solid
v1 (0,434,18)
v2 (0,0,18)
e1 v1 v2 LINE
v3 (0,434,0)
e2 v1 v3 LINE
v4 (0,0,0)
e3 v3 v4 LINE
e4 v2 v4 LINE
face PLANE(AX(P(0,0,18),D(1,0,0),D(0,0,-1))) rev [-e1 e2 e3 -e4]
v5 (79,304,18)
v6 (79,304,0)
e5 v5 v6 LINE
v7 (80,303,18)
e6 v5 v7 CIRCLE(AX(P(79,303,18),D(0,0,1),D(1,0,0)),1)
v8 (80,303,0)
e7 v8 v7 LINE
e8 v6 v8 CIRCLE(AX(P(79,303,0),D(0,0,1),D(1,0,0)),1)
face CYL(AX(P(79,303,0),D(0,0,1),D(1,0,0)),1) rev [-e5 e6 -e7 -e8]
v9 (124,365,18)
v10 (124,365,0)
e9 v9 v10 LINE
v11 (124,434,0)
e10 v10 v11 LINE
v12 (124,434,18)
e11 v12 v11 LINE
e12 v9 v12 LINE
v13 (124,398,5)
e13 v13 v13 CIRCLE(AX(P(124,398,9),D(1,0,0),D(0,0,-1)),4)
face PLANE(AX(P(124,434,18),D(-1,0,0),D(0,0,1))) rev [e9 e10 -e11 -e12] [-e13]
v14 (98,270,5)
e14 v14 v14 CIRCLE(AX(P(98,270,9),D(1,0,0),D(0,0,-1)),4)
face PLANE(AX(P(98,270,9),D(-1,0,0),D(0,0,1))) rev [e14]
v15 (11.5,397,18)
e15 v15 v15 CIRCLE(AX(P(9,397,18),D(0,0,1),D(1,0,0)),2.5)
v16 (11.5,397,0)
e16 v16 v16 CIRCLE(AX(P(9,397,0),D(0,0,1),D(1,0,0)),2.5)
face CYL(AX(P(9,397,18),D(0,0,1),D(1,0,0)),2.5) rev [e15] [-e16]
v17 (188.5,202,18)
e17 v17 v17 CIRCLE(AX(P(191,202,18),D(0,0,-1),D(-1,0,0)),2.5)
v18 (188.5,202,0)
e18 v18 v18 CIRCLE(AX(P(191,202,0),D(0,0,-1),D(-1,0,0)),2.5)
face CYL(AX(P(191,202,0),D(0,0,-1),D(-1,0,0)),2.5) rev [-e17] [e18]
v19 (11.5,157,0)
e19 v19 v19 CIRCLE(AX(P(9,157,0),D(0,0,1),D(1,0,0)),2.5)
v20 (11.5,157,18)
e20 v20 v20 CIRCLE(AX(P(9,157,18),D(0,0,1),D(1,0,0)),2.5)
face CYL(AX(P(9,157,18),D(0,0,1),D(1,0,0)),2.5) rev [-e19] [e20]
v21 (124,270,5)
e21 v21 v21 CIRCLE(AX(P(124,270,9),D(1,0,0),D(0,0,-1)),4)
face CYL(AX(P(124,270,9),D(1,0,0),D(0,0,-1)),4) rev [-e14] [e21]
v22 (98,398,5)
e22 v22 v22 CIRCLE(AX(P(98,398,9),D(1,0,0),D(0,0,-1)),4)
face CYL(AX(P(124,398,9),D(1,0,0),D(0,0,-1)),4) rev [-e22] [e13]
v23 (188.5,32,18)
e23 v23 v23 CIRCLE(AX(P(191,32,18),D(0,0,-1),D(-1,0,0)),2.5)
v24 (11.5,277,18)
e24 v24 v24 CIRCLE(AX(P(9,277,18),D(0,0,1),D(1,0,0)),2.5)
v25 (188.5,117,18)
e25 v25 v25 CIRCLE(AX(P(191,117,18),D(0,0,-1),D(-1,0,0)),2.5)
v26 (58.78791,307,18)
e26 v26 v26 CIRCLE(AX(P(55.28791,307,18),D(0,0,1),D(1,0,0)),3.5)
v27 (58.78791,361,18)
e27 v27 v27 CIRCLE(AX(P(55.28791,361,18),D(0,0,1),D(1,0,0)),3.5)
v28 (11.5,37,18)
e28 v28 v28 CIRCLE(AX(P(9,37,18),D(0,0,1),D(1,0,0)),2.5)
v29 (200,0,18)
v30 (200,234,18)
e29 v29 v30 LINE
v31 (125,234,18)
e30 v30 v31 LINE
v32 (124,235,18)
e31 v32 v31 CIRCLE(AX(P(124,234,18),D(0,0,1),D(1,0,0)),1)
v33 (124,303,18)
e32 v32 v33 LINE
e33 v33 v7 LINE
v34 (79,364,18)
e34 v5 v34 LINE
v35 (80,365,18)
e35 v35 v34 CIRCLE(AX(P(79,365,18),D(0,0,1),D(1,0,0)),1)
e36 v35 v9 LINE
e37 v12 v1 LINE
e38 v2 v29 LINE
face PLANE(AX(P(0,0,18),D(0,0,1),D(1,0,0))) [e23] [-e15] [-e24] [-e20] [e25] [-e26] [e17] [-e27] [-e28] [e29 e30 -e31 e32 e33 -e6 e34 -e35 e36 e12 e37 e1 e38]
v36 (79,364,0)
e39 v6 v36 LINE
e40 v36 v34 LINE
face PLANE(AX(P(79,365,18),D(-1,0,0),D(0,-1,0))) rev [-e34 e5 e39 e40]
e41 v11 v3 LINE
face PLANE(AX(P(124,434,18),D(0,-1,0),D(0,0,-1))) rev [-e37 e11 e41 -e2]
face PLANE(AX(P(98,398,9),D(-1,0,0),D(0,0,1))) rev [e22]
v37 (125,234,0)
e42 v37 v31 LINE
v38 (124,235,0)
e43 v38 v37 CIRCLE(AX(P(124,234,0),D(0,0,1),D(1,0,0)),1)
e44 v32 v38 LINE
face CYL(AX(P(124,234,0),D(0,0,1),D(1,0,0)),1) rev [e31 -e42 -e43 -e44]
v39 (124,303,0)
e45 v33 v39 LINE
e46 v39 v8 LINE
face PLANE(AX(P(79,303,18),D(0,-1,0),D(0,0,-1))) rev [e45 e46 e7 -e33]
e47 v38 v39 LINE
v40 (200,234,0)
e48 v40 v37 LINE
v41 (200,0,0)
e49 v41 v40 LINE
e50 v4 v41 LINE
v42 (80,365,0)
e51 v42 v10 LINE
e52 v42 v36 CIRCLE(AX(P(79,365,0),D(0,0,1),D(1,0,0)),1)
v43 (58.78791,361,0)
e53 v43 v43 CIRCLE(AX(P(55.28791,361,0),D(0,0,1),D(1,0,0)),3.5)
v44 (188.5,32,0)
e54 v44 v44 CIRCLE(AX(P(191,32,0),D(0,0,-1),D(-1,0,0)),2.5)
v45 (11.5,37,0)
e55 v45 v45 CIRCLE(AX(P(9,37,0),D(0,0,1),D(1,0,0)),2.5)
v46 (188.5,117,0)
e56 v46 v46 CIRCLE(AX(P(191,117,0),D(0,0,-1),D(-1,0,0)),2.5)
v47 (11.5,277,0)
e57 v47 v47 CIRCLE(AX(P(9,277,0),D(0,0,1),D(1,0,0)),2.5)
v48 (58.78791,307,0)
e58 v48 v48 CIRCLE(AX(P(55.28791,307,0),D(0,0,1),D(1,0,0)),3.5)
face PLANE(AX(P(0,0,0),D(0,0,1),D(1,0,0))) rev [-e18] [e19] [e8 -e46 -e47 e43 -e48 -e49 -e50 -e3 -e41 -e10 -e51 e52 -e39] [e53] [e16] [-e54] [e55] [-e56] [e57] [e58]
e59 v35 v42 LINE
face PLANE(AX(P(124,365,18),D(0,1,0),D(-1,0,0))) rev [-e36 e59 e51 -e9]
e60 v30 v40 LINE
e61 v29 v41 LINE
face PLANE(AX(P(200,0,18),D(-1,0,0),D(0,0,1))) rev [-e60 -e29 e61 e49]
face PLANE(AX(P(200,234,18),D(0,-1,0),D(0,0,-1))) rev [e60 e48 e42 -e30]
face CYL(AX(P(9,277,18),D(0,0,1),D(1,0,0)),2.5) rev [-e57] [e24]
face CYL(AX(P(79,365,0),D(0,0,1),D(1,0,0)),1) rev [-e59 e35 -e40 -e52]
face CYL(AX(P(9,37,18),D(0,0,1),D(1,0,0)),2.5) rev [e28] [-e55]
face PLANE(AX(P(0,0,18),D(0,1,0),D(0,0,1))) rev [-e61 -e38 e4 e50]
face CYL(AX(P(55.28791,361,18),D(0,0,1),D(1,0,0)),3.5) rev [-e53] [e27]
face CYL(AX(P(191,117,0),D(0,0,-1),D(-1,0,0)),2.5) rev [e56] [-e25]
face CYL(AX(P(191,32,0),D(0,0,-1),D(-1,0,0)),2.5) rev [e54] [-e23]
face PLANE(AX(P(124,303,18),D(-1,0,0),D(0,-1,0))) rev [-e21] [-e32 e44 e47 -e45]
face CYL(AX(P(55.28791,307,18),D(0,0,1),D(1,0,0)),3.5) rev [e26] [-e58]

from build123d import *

# Parameters (mm, degrees)
BOSS_EXTRUDE1_DEPTH          = 18
SKETCH2_R                    = 1
CUT_EXTRUDE1_DEPTH           = 18
F_5_0_5_DIAMETER_HOLE1_D     = 5
F_5_0_5_DIAMETER_HOLE2_D     = 5
F_8_0_8_DIAMETER_HOLE1_D     = 8
F_8_0_8_DIAMETER_HOLE1_DEPTH = 26
F_7_0_7_DIAMETER_HOLE1_D     = 7


with BuildPart() as part:
    # Sketch1 → Boss-Extrude1 (new body)
    with BuildSketch(Plane.XY):
        Polygon((200, 234), (124, 234), (124, 303), (79, 303), (79, 365), (124, 365), (124, 434), (0, 434), (0, 0), (200, 0), align=None)
    extrude(amount=BOSS_EXTRUDE1_DEPTH)

    # Sketch2 → Cut-Extrude1 (cut)
    with BuildSketch(Plane.XY.offset(18)):
        with Locations((79, 365)):
            Circle(SKETCH2_R)
        with Locations((79, 303)):
            Circle(SKETCH2_R)
        with Locations((124, 234)):
            Circle(SKETCH2_R)
    extrude(amount=-CUT_EXTRUDE1_DEPTH, mode=Mode.SUBTRACT)

    # Ø5.0 (5) Diameter Hole1 (through all)
    with Locations(Plane.XY.offset(18)):
        with Locations((9, 397), (9, 277), (9, 157), (9, 37)):
            Hole(F_5_0_5_DIAMETER_HOLE1_D / 2)

    # Ø5.0 (5) Diameter Hole2 (through all)
    with Locations(Plane(origin=(0, 0, 0), x_dir=(-1, 0, 0), z_dir=(0, 0, -1))):
        with Locations((-191, 202), (-191, 117), (-191, 32)):
            Hole(F_5_0_5_DIAMETER_HOLE2_D / 2)

    # Ø8.0 (8) Diameter Hole1
    with Locations(Plane(origin=(124, 0, 0), x_dir=(0, 0, -1), z_dir=(1, 0, 0))):
        with Locations((-9, 398), (-9, 270)):
            Hole(F_8_0_8_DIAMETER_HOLE1_D / 2, depth=F_8_0_8_DIAMETER_HOLE1_DEPTH)

    # Ø7.0 (7) Diameter Hole1 (through all)
    with Locations(Plane.XY.offset(18)):
        with Locations((55.287909583, 361), (55.287909583, 307)):
            Hole(F_7_0_7_DIAMETER_HOLE1_D / 2)


solid = part.part
